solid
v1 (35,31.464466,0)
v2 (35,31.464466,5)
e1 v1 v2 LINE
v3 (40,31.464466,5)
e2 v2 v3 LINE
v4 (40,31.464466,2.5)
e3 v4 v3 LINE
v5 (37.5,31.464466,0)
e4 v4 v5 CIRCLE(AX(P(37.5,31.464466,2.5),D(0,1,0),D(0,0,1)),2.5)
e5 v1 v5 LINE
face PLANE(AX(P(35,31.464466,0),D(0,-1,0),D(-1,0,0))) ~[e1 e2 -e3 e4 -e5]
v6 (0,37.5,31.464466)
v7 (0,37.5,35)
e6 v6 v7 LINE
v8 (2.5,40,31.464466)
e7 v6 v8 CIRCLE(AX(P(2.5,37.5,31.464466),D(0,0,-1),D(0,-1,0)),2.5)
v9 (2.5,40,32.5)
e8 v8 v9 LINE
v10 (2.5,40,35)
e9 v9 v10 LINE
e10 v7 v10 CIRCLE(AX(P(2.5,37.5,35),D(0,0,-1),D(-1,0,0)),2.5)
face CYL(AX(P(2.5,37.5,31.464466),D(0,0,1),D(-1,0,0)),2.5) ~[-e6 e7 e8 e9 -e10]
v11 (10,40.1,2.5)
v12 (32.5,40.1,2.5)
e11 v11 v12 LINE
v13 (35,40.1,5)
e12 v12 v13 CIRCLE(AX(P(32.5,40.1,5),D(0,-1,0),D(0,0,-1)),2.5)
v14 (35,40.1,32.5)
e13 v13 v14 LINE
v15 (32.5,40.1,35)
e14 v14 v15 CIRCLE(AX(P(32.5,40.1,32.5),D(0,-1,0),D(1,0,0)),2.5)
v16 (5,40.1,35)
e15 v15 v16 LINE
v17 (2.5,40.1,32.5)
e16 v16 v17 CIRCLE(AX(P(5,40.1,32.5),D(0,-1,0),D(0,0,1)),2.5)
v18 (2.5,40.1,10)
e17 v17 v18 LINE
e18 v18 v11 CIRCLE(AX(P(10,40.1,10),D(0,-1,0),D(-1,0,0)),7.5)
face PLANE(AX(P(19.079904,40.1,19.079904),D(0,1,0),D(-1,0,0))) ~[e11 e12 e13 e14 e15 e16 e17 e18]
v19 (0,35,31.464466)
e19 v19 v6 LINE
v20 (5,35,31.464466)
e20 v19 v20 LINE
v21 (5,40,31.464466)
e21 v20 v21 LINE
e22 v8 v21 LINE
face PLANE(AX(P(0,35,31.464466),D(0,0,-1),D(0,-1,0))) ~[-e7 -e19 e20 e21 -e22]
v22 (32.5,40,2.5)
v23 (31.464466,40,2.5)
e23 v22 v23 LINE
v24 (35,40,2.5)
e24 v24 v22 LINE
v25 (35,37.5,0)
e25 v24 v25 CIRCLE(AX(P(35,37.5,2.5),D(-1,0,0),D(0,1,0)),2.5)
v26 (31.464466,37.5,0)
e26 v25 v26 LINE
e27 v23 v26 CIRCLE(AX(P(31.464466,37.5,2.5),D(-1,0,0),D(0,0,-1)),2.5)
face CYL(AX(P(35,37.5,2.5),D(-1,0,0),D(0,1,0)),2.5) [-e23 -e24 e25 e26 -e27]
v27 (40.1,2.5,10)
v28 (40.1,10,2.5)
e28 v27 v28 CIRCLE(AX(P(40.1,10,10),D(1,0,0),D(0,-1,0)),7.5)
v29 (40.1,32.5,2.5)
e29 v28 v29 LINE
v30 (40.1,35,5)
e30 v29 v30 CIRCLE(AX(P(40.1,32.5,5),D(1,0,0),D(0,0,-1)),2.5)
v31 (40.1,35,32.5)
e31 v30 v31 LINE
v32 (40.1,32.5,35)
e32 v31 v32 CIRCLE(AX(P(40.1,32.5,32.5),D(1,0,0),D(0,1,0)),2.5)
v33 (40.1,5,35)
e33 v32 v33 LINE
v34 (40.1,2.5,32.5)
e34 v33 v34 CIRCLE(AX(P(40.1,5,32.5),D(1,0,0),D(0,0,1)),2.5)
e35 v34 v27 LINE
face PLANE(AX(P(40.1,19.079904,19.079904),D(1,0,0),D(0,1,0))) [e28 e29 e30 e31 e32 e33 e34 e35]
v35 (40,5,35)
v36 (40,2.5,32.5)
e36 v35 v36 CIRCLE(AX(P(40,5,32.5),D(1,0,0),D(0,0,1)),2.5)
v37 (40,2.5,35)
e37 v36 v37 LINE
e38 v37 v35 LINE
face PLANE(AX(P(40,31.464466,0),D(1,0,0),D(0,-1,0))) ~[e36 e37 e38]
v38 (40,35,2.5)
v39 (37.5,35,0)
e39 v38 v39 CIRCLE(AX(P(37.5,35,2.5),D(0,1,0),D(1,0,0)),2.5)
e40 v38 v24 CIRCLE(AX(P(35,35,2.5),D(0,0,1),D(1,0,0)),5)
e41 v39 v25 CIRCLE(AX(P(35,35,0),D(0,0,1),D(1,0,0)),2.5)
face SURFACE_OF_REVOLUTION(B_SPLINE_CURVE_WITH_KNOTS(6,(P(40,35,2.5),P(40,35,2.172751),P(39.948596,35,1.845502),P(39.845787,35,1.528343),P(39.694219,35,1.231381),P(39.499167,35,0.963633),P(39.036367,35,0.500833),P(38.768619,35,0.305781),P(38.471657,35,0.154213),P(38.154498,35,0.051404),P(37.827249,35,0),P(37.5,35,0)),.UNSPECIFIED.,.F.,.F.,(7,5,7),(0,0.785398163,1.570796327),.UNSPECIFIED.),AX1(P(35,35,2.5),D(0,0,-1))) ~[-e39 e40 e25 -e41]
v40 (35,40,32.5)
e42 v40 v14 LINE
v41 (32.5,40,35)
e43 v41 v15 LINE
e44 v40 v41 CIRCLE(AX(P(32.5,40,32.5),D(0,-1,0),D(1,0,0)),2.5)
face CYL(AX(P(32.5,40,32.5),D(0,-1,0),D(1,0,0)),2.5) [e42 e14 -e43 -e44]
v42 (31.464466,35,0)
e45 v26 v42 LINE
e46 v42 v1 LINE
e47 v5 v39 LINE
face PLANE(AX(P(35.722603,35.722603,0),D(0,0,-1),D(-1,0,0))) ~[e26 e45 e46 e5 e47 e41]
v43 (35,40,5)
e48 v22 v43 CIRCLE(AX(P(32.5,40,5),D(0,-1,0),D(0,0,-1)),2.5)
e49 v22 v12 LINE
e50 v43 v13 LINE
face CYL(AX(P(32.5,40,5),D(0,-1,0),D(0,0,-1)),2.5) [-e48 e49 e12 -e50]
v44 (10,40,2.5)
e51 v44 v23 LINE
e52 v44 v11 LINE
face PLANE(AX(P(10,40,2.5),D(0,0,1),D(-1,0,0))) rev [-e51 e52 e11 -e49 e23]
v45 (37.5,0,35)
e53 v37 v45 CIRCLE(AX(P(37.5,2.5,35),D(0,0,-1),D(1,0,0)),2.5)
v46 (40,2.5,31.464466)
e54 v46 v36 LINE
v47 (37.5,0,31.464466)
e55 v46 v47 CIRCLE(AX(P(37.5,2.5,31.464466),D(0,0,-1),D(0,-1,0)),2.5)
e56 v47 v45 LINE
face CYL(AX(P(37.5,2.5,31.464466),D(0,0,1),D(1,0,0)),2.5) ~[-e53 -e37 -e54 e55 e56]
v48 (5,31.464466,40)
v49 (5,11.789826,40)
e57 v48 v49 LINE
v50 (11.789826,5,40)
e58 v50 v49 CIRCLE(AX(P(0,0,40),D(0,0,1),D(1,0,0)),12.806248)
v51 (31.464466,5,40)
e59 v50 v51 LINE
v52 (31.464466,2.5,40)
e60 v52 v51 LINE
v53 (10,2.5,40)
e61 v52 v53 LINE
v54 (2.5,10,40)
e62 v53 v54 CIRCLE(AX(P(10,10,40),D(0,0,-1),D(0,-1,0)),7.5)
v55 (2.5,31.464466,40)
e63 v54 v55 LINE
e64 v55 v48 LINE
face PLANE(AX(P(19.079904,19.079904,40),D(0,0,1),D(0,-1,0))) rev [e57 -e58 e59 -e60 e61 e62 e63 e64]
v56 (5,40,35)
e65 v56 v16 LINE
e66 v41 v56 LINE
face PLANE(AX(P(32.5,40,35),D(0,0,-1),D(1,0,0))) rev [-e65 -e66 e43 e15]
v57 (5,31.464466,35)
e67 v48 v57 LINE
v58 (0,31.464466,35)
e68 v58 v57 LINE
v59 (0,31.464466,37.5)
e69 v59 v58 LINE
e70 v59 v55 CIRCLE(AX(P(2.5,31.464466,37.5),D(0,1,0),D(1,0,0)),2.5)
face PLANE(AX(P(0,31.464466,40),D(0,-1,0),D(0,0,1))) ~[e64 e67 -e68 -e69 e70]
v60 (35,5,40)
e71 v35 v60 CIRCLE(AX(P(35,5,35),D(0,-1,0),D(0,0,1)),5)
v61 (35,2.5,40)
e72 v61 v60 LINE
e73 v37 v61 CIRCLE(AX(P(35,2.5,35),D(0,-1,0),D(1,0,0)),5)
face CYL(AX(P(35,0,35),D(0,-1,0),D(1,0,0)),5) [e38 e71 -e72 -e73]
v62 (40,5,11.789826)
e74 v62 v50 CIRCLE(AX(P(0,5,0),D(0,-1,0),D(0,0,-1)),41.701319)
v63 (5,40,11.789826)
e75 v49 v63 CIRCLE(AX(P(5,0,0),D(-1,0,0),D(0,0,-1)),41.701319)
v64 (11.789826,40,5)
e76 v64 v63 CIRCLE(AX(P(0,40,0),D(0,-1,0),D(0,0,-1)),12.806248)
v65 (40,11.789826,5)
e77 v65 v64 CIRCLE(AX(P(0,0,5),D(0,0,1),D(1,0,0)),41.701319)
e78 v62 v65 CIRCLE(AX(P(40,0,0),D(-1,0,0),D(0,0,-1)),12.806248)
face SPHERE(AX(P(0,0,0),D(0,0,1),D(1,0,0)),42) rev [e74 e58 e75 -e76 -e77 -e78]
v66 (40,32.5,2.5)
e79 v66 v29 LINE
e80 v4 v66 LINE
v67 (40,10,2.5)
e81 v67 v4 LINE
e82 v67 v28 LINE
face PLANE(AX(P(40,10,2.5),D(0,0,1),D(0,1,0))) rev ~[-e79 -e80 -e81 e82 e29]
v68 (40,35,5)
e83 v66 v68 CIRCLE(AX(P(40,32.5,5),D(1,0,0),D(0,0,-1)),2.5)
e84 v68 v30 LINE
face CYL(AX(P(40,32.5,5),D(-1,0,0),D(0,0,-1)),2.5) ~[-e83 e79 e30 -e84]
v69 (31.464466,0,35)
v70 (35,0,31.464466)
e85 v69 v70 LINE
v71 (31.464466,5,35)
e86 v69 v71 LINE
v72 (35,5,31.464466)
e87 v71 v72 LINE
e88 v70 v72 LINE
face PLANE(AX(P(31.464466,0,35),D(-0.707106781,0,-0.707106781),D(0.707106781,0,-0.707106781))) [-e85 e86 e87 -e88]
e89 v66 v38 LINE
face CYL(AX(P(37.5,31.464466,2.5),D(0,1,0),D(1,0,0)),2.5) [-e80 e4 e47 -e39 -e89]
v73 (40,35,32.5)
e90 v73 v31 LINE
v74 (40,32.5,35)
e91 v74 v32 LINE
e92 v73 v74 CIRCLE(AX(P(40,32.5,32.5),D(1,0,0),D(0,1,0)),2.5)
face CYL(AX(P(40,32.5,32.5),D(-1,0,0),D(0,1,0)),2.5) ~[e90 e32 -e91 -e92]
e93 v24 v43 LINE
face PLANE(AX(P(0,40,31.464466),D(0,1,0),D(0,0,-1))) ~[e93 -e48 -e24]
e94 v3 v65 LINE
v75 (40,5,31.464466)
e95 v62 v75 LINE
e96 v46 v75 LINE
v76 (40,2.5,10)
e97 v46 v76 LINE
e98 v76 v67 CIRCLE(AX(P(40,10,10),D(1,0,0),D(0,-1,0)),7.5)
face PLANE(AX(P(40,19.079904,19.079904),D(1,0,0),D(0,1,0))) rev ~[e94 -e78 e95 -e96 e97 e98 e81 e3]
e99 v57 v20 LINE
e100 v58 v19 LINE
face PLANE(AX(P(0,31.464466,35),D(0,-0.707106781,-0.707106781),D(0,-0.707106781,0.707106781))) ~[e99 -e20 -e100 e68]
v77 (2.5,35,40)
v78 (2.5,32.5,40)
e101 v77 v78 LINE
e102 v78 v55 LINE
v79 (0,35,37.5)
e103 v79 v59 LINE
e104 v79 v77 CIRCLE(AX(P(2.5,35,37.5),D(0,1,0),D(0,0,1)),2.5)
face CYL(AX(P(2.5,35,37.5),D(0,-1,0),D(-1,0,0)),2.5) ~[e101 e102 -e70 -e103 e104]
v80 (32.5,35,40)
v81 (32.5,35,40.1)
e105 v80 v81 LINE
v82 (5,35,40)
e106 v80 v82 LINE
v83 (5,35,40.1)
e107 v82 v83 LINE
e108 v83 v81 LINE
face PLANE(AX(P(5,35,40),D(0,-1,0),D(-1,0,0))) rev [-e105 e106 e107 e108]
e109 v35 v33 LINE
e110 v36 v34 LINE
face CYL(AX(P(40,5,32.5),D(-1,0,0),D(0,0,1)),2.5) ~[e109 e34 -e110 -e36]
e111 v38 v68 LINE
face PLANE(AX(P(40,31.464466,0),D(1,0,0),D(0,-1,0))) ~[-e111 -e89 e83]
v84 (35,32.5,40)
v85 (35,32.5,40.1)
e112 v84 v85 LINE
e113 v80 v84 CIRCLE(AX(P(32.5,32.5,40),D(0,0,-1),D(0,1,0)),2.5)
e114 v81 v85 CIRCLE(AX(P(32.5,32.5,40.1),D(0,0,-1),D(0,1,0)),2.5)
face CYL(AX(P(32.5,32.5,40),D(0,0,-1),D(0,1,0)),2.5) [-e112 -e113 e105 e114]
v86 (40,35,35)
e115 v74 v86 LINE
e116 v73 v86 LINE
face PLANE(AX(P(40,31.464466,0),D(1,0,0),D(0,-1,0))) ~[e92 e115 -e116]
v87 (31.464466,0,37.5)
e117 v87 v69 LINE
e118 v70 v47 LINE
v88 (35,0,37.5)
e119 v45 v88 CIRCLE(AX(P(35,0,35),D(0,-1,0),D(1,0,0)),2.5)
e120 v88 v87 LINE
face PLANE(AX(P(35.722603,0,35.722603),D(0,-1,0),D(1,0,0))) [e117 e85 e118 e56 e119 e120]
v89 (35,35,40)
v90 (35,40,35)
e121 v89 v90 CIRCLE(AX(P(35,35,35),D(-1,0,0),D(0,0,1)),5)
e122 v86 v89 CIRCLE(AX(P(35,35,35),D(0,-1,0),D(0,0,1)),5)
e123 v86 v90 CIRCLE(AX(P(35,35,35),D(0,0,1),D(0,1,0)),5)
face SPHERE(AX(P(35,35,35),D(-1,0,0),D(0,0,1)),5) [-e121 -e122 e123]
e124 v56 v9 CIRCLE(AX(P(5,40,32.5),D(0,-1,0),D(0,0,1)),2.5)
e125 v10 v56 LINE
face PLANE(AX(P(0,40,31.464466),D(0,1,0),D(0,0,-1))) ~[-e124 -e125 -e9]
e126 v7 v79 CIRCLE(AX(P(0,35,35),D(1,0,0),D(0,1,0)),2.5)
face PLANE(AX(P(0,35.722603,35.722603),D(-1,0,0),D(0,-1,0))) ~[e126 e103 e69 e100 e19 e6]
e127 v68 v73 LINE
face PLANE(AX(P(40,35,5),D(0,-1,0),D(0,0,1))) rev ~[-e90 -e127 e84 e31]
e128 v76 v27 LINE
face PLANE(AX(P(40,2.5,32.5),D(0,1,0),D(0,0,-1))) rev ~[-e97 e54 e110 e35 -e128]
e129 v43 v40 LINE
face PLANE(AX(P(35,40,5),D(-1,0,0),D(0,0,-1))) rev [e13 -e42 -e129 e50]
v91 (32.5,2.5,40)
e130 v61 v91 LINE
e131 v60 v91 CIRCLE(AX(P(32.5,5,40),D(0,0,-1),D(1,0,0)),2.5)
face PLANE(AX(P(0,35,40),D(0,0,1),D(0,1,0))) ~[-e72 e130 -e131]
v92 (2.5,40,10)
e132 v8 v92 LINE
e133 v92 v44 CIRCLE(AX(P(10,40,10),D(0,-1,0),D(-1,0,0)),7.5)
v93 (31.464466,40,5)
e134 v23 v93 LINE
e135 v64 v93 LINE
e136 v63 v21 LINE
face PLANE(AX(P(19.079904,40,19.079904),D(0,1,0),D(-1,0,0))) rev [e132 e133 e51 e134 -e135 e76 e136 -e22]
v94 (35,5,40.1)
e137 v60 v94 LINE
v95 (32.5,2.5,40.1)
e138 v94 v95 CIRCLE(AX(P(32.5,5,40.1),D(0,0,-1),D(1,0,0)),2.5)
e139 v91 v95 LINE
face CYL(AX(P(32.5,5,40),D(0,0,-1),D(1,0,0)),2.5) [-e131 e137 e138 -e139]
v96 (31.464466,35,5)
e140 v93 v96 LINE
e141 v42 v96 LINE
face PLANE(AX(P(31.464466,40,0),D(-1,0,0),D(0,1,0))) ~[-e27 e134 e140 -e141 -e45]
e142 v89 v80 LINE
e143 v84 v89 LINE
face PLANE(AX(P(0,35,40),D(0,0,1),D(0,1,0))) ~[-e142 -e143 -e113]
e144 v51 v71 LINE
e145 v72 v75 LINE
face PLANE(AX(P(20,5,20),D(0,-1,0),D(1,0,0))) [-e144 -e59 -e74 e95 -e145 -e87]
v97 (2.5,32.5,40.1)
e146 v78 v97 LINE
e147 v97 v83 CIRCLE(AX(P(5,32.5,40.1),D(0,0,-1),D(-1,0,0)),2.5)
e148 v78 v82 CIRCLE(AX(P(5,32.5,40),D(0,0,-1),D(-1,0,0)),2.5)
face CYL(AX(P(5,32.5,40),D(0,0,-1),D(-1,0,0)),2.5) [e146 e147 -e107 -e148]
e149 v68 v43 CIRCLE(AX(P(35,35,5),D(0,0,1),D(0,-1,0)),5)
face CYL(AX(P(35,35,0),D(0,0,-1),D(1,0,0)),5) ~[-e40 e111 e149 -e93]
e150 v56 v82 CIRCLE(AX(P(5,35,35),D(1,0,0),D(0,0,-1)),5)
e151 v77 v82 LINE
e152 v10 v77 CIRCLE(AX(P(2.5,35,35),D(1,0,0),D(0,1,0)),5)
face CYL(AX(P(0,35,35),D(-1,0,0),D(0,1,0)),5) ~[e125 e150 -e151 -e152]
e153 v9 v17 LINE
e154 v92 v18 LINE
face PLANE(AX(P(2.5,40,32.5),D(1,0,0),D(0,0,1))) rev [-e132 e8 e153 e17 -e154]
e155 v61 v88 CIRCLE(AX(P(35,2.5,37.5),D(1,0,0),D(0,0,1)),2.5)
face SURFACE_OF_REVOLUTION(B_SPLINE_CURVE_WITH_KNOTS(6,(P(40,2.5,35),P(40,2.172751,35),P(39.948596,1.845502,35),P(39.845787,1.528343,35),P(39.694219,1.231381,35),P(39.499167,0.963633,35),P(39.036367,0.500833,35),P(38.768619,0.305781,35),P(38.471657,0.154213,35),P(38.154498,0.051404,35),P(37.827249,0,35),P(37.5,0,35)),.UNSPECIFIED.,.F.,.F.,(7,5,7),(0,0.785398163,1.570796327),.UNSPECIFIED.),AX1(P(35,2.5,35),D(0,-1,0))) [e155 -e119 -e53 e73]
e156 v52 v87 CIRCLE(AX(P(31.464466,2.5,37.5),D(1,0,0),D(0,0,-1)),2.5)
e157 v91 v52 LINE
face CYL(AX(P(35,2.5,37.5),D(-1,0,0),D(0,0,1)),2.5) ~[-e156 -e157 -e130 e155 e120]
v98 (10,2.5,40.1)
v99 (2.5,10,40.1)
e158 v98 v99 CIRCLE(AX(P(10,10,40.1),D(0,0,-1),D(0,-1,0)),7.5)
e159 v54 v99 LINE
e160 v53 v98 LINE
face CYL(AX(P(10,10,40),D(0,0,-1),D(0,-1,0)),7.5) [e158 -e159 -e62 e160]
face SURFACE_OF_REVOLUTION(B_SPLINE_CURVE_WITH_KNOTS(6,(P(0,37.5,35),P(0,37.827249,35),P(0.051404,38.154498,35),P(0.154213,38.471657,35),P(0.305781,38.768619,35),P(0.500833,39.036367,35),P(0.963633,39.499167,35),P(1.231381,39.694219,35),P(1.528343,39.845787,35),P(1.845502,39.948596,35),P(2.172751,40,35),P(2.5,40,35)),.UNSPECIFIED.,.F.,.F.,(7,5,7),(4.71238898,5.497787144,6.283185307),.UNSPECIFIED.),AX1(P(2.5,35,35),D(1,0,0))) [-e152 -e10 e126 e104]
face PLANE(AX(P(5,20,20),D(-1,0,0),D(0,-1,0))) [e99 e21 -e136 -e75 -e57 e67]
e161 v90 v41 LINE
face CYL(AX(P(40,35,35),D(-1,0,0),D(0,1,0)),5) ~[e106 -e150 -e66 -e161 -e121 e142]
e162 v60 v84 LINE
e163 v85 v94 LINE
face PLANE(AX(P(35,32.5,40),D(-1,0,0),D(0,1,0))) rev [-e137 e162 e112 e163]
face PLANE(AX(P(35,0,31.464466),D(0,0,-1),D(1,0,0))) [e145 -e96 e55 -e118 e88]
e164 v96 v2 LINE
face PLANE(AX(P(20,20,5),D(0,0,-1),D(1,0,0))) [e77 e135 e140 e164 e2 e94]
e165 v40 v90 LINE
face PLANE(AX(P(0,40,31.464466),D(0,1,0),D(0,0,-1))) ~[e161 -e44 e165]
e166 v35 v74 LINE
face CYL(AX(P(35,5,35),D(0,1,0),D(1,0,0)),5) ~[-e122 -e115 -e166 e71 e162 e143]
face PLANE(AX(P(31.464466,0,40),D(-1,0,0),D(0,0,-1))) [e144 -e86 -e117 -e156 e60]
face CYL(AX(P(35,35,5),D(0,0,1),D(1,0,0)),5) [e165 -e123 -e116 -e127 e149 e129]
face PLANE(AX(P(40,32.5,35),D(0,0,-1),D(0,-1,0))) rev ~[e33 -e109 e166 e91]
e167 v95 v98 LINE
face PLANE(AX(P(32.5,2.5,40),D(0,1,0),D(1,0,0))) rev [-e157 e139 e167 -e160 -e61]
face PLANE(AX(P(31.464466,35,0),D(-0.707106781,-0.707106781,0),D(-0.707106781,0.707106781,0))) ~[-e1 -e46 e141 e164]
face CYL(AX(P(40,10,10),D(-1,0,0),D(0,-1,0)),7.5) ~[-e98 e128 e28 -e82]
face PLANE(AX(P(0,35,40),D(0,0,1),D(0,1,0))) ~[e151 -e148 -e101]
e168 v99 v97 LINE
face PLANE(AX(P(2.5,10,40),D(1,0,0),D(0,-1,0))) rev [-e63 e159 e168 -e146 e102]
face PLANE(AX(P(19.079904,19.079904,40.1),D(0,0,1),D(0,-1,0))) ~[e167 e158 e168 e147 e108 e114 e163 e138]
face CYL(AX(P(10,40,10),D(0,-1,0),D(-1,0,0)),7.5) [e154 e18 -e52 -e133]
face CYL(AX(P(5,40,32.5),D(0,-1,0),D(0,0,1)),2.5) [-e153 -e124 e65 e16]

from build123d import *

# Parameters (mm, degrees)
SKETCH1_W           = 40
SKETCH1_H           = 40
BOSS_EXTRUDE1_DEPTH = 40
SKETCH4_W           = 40
SKETCH4_H           = 40
CUT_EXTRUDE1_DEPTH  = 5
SKETCH5_W           = 40
SKETCH5_H           = 40
CUT_EXTRUDE2_DEPTH  = 5
SKETCH6_W           = 40
SKETCH6_H           = 40
CUT_EXTRUDE3_DEPTH  = 5
FILLET1_R           = 5
BOSS_EXTRUDE2_START = 5
BOSS_EXTRUDE2_DEPTH = 5
FILLET2_R           = 2.5
BOSS_EXTRUDE3_DEPTH = 0.1


with BuildPart() as part:
    # Sketch1 → Boss-Extrude1 (new body)
    with BuildSketch(Plane(origin=(0, 0, 0), x_dir=(0, 1, 0), z_dir=(0, 0, 1))):
        with Locations((20, -20)):
            Rectangle(SKETCH1_W, SKETCH1_H)
    extrude(amount=BOSS_EXTRUDE1_DEPTH)

    # Sketch2 → Cut-Revolve1 (revolve, cut)
    with BuildSketch(Plane.XZ):
        with BuildLine():
            Line((0, 42), (0, -42))
            ThreePointArc((0, -42), (42, 0), (0, 42))
        make_face()
    revolve(axis=Axis((0, 0, 42), (0, 0, -1)), mode=Mode.SUBTRACT)

    # Sketch4 → Cut-Extrude1 (cut)
    with BuildSketch(Plane.XZ):
        with Locations((20, 20)):
            Rectangle(SKETCH4_W, SKETCH4_H)
    extrude(amount=-CUT_EXTRUDE1_DEPTH, mode=Mode.SUBTRACT)

    # Sketch5 → Cut-Extrude2 (cut)
    with BuildSketch(Plane(origin=(0, 0, 0), x_dir=(0, -1, 0), z_dir=(-1, 0, 0))):
        with Locations((-20, 20)):
            Rectangle(SKETCH5_W, SKETCH5_H)
    extrude(amount=-CUT_EXTRUDE2_DEPTH, mode=Mode.SUBTRACT)

    # Sketch6 → Cut-Extrude3 (cut)
    with BuildSketch(Plane(origin=(0, 0, 0), x_dir=(1, 0, 0), z_dir=(0, 0, -1))):
        with Locations((20, -20)):
            Rectangle(SKETCH6_W, SKETCH6_H)
    extrude(amount=-CUT_EXTRUDE3_DEPTH, mode=Mode.SUBTRACT)

    # Fillet1
    fillet1_edges = [part.edges().sort_by_distance(p)[0] for p in [
        (22.5, 40, 40),
        (40, 22.5, 40),
        (40, 40, 22.5),
    ]]
    fillet(fillet1_edges, radius=FILLET1_R)

    # Sketch7 → Boss-Extrude2 (add)
    with BuildSketch(Plane.XZ.offset(-5).offset(BOSS_EXTRUDE2_START)):
        with BuildLine():
            Line((31.464466094, 40), (31.464466094, 35))
            Line((31.464466094, 35), (35, 31.464466094))
            Line((35, 31.464466094), (40, 31.464466094))
            Line((40, 31.464466094), (40, 35))
            ThreePointArc((40, 35), (38.535533906, 38.535533906), (35, 40))
            Line((35, 40), (31.464466094, 40))
        make_face()
    boss_extrude2 = extrude(amount=-BOSS_EXTRUDE2_DEPTH)

    # Mirror1: Boss-Extrude2 across plane
    add(boss_extrude2.mirror(Plane(origin=(0, 0, 0), x_dir=(0, 0.7071067811865476, 0.7071067811865476), z_dir=(0, 0.7071067811865477, -0.7071067811865475))))

    # Mirror1 at the second plane: Boss-Extrude2 across plane
    add(boss_extrude2.mirror(Plane(origin=(0, 0, 0), x_dir=(0, 0, 1), z_dir=(-0.7071067811865476, 0.7071067811865475, 0))))

    # Fillet2
    fillet2_edges = [part.edges().sort_by_distance(p)[0] for p in [
        (38.535533906, 0, 38.535533906),
        (33.232233047, 0, 40),
        (40, 0, 33.232233047),
        (0, 38.535533906, 38.535533906),
        (0, 40, 33.232233047),
        (0, 33.232233047, 40),
        (38.535533906, 38.535533906, 0),
        (40, 33.232233047, 0),
        (33.232233047, 40, 0),
    ]]
    fillet(fillet2_edges, radius=FILLET2_R)

    # Sketch9 → Boss-Extrude3 (add)
    with BuildSketch(Plane.YZ.offset(40)):
        with BuildLine():
            Line((32.5, 35), (5, 35))
            ThreePointArc((5, 35), (3.232233047, 34.267766953), (2.5, 32.5))
            Line((2.5, 32.5), (2.5, 10))
            ThreePointArc((2.5, 10), (4.696699141, 4.696699141), (10, 2.5))
            Line((10, 2.5), (32.5, 2.5))
            ThreePointArc((32.5, 2.5), (34.267766953, 3.232233047), (35, 5))
            Line((35, 5), (35, 32.5))
            ThreePointArc((35, 32.5), (34.267766953, 34.267766953), (32.5, 35))
        make_face()
    boss_extrude3 = extrude(amount=BOSS_EXTRUDE3_DEPTH)

    # Mirror2: Boss-Extrude3 across plane
    add(boss_extrude3.mirror(Plane(origin=(0, 0, 0), x_dir=(0.7071067811865475, 0, 0.7071067811865476), z_dir=(0.7071067811865478, 0, -0.7071067811865474))))

    # Mirror2 at the second plane: Boss-Extrude3 across plane
    add(boss_extrude3.mirror(Plane(origin=(0, 0, 0), x_dir=(0, 0, 1), z_dir=(-0.7071067811865476, 0.7071067811865475, 0))))


solid = part.part
